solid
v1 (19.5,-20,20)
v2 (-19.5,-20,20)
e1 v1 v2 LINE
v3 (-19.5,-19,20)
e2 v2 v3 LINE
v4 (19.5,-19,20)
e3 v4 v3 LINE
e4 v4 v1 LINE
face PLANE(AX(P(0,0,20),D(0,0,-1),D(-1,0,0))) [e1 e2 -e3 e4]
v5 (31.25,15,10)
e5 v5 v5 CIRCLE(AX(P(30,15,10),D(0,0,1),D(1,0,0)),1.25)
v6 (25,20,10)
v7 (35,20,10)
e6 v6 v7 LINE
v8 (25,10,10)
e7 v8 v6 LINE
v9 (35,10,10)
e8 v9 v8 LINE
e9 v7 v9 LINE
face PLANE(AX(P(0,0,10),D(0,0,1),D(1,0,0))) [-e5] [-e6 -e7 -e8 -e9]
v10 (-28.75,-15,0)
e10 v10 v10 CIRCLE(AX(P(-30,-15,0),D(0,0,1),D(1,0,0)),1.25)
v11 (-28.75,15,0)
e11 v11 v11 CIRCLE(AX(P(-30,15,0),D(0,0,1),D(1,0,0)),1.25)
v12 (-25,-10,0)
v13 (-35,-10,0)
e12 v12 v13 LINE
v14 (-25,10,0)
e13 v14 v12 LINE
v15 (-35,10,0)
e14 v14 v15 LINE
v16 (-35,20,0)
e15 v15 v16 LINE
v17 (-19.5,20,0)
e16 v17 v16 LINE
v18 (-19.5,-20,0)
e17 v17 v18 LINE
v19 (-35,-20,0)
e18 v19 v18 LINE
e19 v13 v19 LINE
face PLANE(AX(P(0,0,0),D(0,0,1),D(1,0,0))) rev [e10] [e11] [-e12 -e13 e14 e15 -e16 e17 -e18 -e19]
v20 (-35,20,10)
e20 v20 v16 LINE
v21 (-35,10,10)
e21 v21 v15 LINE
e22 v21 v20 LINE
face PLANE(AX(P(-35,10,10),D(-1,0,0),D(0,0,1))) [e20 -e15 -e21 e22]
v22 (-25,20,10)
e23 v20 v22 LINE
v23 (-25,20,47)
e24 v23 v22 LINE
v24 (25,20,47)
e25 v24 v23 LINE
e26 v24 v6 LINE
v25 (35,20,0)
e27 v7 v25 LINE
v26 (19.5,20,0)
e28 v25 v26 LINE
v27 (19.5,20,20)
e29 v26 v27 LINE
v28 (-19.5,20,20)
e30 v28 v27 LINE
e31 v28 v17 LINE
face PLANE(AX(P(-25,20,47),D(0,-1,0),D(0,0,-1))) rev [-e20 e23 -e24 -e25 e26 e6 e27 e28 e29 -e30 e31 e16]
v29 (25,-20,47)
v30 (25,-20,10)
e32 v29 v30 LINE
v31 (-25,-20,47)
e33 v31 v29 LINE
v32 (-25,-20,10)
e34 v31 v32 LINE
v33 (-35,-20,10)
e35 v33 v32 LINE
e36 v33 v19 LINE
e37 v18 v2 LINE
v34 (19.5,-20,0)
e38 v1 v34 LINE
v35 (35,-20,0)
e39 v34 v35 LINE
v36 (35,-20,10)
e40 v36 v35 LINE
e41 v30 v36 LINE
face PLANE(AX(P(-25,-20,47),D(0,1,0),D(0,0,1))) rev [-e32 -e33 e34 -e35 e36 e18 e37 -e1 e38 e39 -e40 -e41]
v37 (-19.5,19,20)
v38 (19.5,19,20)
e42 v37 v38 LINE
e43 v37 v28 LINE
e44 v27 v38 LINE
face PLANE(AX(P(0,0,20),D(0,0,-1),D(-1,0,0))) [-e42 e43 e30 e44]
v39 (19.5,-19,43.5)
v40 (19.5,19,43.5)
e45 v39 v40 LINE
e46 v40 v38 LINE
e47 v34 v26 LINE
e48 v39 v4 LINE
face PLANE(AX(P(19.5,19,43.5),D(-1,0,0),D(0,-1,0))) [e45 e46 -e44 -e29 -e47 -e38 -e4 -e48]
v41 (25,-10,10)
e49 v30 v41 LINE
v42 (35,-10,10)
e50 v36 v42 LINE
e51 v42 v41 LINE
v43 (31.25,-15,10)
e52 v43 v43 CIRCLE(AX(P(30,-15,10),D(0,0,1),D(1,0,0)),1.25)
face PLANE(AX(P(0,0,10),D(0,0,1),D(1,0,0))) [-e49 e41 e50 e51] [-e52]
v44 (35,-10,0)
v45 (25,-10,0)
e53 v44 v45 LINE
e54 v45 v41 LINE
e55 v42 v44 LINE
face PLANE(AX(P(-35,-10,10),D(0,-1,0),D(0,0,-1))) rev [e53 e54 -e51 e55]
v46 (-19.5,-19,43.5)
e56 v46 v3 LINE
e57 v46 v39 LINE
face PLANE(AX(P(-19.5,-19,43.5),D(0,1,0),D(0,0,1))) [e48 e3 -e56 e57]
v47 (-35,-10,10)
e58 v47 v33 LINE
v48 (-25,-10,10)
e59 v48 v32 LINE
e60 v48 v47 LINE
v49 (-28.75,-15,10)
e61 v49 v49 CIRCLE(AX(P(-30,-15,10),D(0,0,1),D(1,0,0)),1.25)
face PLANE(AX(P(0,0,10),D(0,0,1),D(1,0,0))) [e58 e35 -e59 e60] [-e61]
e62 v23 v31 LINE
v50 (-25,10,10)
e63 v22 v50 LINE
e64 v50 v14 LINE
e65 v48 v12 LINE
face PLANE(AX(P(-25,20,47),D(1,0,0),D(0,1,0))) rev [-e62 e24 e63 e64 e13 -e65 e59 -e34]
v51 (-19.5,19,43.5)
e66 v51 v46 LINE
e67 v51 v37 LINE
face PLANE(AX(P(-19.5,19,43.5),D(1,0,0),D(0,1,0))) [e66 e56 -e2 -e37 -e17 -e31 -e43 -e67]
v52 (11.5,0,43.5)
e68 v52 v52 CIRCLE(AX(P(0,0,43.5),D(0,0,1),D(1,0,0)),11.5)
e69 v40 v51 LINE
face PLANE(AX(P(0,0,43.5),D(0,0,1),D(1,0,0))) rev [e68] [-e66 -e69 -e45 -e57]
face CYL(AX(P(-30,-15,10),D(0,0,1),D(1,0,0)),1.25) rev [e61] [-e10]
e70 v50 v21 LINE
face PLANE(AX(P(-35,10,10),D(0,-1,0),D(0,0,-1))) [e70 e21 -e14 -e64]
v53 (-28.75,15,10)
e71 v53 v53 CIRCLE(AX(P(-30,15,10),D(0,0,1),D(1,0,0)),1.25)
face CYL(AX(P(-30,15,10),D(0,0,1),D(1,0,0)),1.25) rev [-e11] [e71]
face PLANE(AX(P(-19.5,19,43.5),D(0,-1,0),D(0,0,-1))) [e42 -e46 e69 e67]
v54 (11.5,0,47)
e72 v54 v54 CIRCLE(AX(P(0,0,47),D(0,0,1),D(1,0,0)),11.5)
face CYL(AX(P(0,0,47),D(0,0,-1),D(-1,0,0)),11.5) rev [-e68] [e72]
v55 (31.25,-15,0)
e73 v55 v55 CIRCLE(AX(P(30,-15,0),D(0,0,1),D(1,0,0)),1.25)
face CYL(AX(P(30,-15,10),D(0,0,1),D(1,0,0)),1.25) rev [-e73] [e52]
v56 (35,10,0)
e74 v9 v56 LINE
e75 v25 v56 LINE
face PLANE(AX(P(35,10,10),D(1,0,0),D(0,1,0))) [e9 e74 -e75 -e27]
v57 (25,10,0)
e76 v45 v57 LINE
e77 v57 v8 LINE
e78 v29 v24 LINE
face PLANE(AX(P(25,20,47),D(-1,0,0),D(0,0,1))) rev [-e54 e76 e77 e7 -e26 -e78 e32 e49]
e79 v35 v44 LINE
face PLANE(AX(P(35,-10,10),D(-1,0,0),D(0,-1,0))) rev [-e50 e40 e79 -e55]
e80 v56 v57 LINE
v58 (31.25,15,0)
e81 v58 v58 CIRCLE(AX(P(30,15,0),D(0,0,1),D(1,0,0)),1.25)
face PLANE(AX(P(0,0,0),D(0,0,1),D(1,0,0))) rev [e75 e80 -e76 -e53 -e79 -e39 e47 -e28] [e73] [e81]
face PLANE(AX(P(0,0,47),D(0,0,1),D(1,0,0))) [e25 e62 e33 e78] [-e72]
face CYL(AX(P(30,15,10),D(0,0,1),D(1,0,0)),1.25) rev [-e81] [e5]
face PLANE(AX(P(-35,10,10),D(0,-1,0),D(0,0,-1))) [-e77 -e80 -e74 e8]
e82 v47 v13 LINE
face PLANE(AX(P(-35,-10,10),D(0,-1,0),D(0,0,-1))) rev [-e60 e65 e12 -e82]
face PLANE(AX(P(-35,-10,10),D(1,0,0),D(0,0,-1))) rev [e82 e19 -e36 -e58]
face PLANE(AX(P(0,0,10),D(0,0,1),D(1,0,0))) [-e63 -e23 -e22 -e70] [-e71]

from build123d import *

# Parameters (mm, degrees)
SKETCH_1_W               = 50
SKETCH_1_H               = 40
EXTRUDE_2_DEPTH          = 47
SKETCH_3_W               = 70
SKETCH_3_H               = 10
EXTRUDE_3_DEPTH          = 10
CUT_EXTRUDE_1_DEPTH      = 62.919302322
CUT_EXTRUDE_1_DEPTH_BACK = 62.919302322
SKETCH_4_R               = 11.5
SKETCH_5_W               = 39
SKETCH_5_H               = 38
CUT_EXTRUDE_2_DEPTH      = 43.5
M3X0_5_1_D               = 2.5
SKETCH_8_W               = 39
SKETCH_8_H               = 70
CUT_EXTRUDE_3_DEPTH      = 20


with BuildPart() as part:
    # ｽｹｯﾁ1 → ﾎﾞｽ - 押し出し2 (new body)
    with BuildSketch(Plane.XY):
        Rectangle(SKETCH_1_W, SKETCH_1_H)
    extrude(amount=EXTRUDE_2_DEPTH)

    # ｽｹｯﾁ3 → ﾎﾞｽ - 押し出し3 (add)
    with BuildSketch(Plane.XY):
        with Locations((0, -15)):
            Rectangle(SKETCH_3_W, SKETCH_3_H)
    extrude_3 = extrude(amount=EXTRUDE_3_DEPTH)

    # ｽｹｯﾁ4 → ｶｯﾄ - 押し出し1 (cut, two sides: drawn at the far end of the back side and taken through both)
    with BuildSketch(Plane.XY.offset(-CUT_EXTRUDE_1_DEPTH_BACK)):
        Circle(SKETCH_4_R)
    extrude(amount=CUT_EXTRUDE_1_DEPTH + CUT_EXTRUDE_1_DEPTH_BACK, mode=Mode.SUBTRACT)

    # ｽｹｯﾁ5 → ｶｯﾄ - 押し出し2 (cut)
    with BuildSketch(Plane.XY):
        Rectangle(SKETCH_5_W, SKETCH_5_H)
    cut_extrude_2 = extrude(amount=CUT_EXTRUDE_2_DEPTH, mode=Mode.SUBTRACT)

    # M3x0.5 ねじ穴1 (through all)
    with Locations(Plane.XY.offset(10)):
        with Locations((30, -15), (-30, -15)):
            m3x0_5_1 = Hole(M3X0_5_1_D / 2)

    # ｽｹｯﾁ8 → ｶｯﾄ - 押し出し3 (cut)
    with BuildSketch(Plane(origin=(0, 0, 0), x_dir=(-1, 0, 0), z_dir=(0, 0, -1))):
        Rectangle(SKETCH_8_W, SKETCH_8_H)
    cut_extrude_3 = extrude(amount=-CUT_EXTRUDE_3_DEPTH, mode=Mode.SUBTRACT)

    # ﾐﾗｰ4: ﾎﾞｽ - 押し出し3, ｶｯﾄ - 押し出し2, M3x0.5 ねじ穴1, ｶｯﾄ - 押し出し3 across plane
    add(extrude_3.mirror(Plane.ZX))
    add(cut_extrude_2.mirror(Plane.ZX), mode=Mode.SUBTRACT)
    add(m3x0_5_1.mirror(Plane.ZX), mode=Mode.SUBTRACT)
    add(cut_extrude_3.mirror(Plane.ZX), mode=Mode.SUBTRACT)


solid = part.part
